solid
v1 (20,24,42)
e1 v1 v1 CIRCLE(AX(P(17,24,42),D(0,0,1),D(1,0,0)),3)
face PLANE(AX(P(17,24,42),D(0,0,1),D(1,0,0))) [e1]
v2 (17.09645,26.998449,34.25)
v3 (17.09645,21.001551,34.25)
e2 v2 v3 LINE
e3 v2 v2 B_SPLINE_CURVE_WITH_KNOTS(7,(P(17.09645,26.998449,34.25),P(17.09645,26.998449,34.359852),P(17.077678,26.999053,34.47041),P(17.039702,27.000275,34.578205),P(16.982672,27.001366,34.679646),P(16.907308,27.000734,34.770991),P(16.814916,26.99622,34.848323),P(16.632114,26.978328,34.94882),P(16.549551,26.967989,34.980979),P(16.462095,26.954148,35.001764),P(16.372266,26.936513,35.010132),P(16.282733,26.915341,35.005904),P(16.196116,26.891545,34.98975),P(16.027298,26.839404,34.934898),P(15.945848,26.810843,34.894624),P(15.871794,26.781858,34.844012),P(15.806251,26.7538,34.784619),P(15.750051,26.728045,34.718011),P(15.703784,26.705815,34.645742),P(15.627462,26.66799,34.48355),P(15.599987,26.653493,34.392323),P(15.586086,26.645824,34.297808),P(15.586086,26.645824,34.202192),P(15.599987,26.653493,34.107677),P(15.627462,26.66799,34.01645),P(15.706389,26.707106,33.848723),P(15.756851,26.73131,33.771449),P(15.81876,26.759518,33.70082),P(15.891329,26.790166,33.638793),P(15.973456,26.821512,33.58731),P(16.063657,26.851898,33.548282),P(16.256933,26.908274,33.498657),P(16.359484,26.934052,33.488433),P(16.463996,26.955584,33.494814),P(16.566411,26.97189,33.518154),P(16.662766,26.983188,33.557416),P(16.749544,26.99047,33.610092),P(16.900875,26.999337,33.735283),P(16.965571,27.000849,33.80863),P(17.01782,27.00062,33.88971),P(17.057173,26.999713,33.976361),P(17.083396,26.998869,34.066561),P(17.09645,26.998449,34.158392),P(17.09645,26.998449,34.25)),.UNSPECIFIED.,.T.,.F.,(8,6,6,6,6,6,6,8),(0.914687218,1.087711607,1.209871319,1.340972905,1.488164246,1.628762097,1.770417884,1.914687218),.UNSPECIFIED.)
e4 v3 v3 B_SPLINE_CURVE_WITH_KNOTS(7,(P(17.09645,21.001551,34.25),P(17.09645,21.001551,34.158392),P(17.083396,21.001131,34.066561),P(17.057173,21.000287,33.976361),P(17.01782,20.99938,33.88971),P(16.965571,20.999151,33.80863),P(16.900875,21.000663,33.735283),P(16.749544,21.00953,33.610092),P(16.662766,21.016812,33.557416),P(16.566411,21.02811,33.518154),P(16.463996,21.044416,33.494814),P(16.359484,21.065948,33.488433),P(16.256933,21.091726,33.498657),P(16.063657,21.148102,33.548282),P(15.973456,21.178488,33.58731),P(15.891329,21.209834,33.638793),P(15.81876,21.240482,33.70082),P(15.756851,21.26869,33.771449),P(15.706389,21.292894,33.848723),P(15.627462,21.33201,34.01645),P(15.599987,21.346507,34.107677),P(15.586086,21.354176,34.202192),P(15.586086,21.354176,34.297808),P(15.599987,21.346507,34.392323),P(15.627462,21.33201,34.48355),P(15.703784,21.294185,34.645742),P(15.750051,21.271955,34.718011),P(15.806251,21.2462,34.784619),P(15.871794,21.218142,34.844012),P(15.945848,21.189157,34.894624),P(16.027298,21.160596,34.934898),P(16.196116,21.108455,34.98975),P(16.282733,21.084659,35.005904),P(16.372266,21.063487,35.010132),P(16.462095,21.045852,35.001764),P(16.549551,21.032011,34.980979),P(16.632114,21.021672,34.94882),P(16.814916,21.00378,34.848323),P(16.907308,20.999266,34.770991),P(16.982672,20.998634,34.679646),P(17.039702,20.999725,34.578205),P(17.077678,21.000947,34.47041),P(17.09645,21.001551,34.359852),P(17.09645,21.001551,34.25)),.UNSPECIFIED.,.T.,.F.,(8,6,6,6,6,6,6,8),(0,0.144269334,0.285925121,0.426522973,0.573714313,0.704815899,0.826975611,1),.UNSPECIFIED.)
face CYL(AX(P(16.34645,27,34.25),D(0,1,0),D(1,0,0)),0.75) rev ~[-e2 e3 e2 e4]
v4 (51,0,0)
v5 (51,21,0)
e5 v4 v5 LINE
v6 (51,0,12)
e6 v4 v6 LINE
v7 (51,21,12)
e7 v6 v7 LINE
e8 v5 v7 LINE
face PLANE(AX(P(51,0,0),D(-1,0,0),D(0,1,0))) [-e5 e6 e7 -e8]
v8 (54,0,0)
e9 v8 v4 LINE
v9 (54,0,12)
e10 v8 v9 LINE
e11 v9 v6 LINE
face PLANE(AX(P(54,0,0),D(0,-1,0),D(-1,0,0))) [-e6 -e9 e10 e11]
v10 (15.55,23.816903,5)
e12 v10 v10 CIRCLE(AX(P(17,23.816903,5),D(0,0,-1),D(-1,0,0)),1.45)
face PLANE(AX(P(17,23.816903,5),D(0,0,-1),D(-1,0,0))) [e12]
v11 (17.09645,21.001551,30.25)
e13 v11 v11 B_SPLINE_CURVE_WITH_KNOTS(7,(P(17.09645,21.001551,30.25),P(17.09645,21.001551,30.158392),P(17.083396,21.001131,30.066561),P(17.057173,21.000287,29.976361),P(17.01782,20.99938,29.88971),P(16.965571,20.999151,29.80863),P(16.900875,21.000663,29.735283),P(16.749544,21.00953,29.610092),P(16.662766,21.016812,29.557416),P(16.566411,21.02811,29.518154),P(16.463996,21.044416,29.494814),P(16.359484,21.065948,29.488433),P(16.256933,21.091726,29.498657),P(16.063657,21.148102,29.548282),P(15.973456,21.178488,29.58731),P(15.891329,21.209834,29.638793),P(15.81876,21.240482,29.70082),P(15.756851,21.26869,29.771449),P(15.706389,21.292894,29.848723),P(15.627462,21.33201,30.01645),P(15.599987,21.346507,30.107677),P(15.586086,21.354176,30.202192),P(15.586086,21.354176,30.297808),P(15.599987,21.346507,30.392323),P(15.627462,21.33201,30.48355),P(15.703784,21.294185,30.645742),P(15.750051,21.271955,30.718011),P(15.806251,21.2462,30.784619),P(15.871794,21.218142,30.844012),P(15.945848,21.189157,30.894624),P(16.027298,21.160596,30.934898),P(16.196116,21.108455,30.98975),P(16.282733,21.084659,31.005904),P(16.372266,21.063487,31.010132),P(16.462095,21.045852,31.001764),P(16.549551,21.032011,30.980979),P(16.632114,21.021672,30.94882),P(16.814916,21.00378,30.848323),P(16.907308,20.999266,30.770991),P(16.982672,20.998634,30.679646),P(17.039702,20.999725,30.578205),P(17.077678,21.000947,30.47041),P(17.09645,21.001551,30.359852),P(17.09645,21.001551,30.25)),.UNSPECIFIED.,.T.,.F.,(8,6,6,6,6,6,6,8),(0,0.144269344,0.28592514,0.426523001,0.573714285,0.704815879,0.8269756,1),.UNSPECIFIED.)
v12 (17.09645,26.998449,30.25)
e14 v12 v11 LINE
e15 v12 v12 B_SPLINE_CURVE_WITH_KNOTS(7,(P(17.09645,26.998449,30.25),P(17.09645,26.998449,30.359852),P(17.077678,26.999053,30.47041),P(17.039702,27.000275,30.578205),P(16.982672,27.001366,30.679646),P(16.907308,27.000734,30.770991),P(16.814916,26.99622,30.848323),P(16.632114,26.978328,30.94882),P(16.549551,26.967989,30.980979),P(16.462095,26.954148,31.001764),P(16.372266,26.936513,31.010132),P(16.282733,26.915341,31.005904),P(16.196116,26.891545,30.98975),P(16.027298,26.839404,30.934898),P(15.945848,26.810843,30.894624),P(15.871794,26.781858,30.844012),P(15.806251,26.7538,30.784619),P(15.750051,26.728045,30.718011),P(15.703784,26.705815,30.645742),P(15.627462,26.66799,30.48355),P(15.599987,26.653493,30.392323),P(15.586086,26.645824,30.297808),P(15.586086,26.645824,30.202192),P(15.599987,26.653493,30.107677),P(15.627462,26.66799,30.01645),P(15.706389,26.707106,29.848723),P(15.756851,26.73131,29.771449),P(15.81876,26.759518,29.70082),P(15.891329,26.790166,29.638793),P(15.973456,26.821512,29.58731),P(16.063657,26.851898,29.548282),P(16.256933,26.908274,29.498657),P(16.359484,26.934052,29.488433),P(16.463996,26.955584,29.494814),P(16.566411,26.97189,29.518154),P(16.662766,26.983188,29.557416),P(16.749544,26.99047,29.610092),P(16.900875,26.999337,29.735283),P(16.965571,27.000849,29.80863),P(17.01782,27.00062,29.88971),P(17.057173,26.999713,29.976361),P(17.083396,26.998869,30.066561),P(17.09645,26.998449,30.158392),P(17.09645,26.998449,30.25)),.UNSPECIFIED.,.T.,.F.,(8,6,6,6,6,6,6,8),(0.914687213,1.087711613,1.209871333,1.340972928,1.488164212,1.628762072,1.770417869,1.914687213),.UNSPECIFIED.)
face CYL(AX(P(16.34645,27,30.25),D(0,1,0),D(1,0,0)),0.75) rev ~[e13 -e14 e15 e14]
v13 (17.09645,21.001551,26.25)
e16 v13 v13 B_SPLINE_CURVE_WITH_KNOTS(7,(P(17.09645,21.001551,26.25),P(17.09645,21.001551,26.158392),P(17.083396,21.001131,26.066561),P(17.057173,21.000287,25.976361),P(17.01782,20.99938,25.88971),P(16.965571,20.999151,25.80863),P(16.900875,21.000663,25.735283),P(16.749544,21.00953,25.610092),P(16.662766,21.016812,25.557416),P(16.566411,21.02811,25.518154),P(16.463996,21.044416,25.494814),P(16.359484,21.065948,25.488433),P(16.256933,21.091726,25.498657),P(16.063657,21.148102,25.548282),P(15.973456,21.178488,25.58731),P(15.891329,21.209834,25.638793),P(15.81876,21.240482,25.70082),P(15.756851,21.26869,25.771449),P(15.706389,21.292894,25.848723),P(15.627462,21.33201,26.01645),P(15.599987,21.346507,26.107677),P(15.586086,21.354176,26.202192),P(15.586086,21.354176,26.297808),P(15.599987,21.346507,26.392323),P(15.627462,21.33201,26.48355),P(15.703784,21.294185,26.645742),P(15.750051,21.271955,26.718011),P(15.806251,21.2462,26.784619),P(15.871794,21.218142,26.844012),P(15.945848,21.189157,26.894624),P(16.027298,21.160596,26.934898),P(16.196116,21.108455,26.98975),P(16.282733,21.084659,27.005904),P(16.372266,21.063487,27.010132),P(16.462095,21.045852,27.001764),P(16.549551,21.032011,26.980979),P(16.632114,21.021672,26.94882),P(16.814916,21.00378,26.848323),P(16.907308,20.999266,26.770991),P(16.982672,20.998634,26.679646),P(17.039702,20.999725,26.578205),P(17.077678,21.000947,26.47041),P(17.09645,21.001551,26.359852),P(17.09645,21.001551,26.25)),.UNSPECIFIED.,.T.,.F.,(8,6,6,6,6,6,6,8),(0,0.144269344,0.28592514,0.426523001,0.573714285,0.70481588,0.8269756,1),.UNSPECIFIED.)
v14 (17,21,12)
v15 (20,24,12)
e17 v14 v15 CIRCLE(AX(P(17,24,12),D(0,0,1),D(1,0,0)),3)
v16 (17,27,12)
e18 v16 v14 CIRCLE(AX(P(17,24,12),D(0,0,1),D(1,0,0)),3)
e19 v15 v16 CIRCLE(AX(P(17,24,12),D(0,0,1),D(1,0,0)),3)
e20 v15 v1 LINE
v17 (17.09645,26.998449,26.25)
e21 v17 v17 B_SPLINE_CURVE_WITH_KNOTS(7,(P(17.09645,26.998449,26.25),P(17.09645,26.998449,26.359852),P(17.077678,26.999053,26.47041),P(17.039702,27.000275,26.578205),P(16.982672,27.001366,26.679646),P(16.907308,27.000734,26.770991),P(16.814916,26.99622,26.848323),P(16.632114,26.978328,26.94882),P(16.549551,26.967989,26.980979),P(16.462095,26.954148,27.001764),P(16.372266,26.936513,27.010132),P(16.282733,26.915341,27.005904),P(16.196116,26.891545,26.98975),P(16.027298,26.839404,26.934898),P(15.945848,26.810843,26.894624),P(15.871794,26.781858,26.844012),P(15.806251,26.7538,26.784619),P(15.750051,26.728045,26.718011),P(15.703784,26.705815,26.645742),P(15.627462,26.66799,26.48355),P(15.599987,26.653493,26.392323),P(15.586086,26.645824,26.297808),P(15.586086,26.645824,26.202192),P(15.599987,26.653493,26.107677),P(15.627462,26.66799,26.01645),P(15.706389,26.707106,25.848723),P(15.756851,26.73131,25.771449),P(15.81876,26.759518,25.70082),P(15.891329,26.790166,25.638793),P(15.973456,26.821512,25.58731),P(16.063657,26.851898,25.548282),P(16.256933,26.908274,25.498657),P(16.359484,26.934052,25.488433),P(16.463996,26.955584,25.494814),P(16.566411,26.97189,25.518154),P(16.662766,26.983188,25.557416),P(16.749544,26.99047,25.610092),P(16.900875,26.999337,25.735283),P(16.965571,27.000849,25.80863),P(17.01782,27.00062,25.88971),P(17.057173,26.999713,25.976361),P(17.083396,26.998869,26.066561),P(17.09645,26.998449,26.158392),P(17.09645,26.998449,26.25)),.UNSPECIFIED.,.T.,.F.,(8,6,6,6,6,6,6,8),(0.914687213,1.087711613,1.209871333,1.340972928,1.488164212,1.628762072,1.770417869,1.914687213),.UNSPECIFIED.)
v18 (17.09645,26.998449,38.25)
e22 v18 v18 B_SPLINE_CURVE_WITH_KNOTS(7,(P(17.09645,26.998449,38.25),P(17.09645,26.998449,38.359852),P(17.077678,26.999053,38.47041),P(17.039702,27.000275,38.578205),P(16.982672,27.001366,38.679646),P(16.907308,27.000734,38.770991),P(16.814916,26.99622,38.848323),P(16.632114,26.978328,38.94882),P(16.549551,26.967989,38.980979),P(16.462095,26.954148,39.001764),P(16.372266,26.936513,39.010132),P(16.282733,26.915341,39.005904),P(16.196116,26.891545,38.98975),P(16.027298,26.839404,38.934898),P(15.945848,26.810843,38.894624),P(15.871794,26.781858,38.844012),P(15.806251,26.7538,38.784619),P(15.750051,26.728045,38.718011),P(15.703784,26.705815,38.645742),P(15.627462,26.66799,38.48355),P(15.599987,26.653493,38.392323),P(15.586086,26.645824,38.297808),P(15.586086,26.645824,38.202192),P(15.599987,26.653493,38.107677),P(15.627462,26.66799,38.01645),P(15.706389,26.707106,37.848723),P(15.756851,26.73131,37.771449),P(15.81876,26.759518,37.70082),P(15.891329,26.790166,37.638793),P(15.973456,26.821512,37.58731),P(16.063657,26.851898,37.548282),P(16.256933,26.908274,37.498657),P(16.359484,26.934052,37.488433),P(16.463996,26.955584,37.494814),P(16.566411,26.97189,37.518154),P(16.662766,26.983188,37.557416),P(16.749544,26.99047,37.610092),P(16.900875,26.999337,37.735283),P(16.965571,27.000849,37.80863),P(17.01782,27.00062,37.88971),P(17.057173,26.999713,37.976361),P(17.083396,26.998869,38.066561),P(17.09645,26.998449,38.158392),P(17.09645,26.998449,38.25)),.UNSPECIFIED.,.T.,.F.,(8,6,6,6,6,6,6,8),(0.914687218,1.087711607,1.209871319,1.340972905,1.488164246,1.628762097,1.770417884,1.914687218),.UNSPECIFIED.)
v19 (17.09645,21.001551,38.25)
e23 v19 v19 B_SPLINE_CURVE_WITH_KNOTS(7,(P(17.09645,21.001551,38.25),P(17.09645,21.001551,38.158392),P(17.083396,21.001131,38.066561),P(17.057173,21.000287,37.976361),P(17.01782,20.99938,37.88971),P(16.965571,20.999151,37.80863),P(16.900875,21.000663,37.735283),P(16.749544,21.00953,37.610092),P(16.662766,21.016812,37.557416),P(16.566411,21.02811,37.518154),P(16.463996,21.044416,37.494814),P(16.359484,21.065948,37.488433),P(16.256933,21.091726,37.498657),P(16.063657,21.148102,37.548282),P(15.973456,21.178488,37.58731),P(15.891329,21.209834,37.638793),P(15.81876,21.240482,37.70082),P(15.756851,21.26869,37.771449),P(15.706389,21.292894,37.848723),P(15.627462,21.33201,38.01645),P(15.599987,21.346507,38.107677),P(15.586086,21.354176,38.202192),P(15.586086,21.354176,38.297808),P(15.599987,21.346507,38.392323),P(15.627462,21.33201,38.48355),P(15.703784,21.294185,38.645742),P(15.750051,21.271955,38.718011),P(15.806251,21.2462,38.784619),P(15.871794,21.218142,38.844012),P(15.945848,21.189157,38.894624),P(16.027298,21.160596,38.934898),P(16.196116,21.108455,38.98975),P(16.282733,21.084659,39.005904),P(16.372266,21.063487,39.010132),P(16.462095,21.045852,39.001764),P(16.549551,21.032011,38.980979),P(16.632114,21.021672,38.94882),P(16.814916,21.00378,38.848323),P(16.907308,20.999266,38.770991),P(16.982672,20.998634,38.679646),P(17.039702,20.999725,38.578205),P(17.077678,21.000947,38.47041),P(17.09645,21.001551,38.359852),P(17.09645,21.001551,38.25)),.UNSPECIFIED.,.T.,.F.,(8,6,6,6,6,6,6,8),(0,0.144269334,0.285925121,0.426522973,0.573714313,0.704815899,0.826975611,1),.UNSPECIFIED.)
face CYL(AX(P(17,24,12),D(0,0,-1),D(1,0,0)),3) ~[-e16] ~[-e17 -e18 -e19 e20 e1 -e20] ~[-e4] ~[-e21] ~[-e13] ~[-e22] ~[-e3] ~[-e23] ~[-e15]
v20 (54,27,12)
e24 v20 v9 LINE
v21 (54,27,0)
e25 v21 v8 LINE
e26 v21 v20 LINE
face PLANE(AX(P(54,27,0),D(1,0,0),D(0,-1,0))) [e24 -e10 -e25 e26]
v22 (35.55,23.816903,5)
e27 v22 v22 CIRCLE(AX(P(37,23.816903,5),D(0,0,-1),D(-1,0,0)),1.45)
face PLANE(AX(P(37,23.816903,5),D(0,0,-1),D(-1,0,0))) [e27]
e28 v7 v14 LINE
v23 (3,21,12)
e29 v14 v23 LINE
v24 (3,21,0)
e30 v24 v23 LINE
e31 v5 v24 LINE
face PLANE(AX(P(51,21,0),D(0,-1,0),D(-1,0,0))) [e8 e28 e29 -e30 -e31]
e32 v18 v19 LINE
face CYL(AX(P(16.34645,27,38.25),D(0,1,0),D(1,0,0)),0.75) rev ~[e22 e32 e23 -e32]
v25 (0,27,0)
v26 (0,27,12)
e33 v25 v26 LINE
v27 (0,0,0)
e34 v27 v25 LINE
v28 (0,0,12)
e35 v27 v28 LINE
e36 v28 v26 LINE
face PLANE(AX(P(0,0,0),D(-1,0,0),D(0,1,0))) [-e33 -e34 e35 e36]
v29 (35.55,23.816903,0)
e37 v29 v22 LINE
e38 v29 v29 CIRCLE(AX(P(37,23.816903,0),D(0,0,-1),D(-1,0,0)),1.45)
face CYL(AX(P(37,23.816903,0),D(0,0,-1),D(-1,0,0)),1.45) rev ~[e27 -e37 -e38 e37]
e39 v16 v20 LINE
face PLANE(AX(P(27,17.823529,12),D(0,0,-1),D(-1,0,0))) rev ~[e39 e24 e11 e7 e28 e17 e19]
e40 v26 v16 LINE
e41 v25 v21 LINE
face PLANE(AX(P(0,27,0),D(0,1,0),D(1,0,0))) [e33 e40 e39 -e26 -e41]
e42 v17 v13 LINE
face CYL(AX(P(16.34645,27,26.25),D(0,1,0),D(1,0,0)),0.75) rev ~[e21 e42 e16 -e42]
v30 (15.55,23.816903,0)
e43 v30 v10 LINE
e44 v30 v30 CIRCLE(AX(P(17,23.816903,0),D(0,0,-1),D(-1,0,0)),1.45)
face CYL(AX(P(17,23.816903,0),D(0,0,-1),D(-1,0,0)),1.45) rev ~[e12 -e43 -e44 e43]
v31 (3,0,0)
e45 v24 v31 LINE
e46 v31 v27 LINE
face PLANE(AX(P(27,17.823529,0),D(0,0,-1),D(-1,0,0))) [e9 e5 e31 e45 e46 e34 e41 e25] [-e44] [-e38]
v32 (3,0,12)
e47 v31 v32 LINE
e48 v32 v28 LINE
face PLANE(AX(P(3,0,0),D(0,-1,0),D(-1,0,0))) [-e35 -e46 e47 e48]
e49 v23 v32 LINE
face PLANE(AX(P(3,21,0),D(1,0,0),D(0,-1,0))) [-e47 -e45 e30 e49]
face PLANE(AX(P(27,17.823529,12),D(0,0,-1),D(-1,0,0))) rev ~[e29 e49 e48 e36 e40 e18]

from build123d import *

# Parameters (mm, degrees)
BOSS_EXTRUDE1_DEPTH = 12
SKETCH2_R           = 3
BOSS_EXTRUDE2_DEPTH = 30
CUT_EXTRUDE1_REACH  = 29
SKETCH3_R           = 0.75
SKETCH4_R           = 1.45
CUT_EXTRUDE2_DEPTH  = 5


with BuildPart() as part:
    # Sketch1 → Boss-Extrude1 (new body)
    with BuildSketch(Plane.XY):
        Polygon((0, 0), (0, 27), (54, 27), (54, 0), (51, 0), (51, 21), (3, 21), (3, 0), align=None)
    extrude(amount=BOSS_EXTRUDE1_DEPTH)

    # Sketch2 → Boss-Extrude2 (add)
    with BuildSketch(Plane.XY.offset(12)):
        with Locations((17, 24)):
            Circle(SKETCH2_R)
    extrude(amount=BOSS_EXTRUDE2_DEPTH)

    # Sketch3 → Cut-Extrude1 (cut, up to next)
    with BuildSketch(Plane(origin=(0, 27, 0), x_dir=(1, 0, 0), z_dir=(0, 1, 0)), mode=Mode.PRIVATE) as cut_extrude1_sk1:
        with Locations((16.346450023, -38.25)):
            Circle(SKETCH3_R)
    cut_extrude1_tool1 = extrude(cut_extrude1_sk1.sketch, amount=-CUT_EXTRUDE1_REACH, mode=Mode.PRIVATE) & part.part
    add(cut_extrude1_tool1.solids().sort_by_distance((16.34645, 27, 38.25))[0], mode=Mode.SUBTRACT)
    # Sketch3 → Cut-Extrude1 (cut, up to next)
    with BuildSketch(Plane(origin=(0, 27, 0), x_dir=(1, 0, 0), z_dir=(0, 1, 0)), mode=Mode.PRIVATE) as cut_extrude1_sk2:
        with Locations((16.346450023, -34.25)):
            Circle(SKETCH3_R)
    cut_extrude1_tool2 = extrude(cut_extrude1_sk2.sketch, amount=-CUT_EXTRUDE1_REACH, mode=Mode.PRIVATE) & part.part
    add(cut_extrude1_tool2.solids().sort_by_distance((16.34645, 27, 34.25))[0], mode=Mode.SUBTRACT)
    # Sketch3 → Cut-Extrude1 (cut, up to next)
    with BuildSketch(Plane(origin=(0, 27, 0), x_dir=(1, 0, 0), z_dir=(0, 1, 0)), mode=Mode.PRIVATE) as cut_extrude1_sk3:
        with Locations((16.346450023, -30.25)):
            Circle(SKETCH3_R)
    cut_extrude1_tool3 = extrude(cut_extrude1_sk3.sketch, amount=-CUT_EXTRUDE1_REACH, mode=Mode.PRIVATE) & part.part
    add(cut_extrude1_tool3.solids().sort_by_distance((16.34645, 27, 30.25))[0], mode=Mode.SUBTRACT)
    # Sketch3 → Cut-Extrude1 (cut, up to next)
    with BuildSketch(Plane(origin=(0, 27, 0), x_dir=(1, 0, 0), z_dir=(0, 1, 0)), mode=Mode.PRIVATE) as cut_extrude1_sk4:
        with Locations((16.346450023, -26.25)):
            Circle(SKETCH3_R)
    cut_extrude1_tool4 = extrude(cut_extrude1_sk4.sketch, amount=-CUT_EXTRUDE1_REACH, mode=Mode.PRIVATE) & part.part
    add(cut_extrude1_tool4.solids().sort_by_distance((16.34645, 27, 26.25))[0], mode=Mode.SUBTRACT)

    # Sketch4 → Cut-Extrude2 (cut)
    with BuildSketch(Plane(origin=(0, 0, 0), x_dir=(-1, 0, 0), z_dir=(0, 0, -1))):
        with Locations((-37, 23.816903441)):
            Circle(SKETCH4_R)
        with Locations((-17, 23.816903441)):
            Circle(SKETCH4_R)
    extrude(amount=-CUT_EXTRUDE2_DEPTH, mode=Mode.SUBTRACT)


solid = part.part
